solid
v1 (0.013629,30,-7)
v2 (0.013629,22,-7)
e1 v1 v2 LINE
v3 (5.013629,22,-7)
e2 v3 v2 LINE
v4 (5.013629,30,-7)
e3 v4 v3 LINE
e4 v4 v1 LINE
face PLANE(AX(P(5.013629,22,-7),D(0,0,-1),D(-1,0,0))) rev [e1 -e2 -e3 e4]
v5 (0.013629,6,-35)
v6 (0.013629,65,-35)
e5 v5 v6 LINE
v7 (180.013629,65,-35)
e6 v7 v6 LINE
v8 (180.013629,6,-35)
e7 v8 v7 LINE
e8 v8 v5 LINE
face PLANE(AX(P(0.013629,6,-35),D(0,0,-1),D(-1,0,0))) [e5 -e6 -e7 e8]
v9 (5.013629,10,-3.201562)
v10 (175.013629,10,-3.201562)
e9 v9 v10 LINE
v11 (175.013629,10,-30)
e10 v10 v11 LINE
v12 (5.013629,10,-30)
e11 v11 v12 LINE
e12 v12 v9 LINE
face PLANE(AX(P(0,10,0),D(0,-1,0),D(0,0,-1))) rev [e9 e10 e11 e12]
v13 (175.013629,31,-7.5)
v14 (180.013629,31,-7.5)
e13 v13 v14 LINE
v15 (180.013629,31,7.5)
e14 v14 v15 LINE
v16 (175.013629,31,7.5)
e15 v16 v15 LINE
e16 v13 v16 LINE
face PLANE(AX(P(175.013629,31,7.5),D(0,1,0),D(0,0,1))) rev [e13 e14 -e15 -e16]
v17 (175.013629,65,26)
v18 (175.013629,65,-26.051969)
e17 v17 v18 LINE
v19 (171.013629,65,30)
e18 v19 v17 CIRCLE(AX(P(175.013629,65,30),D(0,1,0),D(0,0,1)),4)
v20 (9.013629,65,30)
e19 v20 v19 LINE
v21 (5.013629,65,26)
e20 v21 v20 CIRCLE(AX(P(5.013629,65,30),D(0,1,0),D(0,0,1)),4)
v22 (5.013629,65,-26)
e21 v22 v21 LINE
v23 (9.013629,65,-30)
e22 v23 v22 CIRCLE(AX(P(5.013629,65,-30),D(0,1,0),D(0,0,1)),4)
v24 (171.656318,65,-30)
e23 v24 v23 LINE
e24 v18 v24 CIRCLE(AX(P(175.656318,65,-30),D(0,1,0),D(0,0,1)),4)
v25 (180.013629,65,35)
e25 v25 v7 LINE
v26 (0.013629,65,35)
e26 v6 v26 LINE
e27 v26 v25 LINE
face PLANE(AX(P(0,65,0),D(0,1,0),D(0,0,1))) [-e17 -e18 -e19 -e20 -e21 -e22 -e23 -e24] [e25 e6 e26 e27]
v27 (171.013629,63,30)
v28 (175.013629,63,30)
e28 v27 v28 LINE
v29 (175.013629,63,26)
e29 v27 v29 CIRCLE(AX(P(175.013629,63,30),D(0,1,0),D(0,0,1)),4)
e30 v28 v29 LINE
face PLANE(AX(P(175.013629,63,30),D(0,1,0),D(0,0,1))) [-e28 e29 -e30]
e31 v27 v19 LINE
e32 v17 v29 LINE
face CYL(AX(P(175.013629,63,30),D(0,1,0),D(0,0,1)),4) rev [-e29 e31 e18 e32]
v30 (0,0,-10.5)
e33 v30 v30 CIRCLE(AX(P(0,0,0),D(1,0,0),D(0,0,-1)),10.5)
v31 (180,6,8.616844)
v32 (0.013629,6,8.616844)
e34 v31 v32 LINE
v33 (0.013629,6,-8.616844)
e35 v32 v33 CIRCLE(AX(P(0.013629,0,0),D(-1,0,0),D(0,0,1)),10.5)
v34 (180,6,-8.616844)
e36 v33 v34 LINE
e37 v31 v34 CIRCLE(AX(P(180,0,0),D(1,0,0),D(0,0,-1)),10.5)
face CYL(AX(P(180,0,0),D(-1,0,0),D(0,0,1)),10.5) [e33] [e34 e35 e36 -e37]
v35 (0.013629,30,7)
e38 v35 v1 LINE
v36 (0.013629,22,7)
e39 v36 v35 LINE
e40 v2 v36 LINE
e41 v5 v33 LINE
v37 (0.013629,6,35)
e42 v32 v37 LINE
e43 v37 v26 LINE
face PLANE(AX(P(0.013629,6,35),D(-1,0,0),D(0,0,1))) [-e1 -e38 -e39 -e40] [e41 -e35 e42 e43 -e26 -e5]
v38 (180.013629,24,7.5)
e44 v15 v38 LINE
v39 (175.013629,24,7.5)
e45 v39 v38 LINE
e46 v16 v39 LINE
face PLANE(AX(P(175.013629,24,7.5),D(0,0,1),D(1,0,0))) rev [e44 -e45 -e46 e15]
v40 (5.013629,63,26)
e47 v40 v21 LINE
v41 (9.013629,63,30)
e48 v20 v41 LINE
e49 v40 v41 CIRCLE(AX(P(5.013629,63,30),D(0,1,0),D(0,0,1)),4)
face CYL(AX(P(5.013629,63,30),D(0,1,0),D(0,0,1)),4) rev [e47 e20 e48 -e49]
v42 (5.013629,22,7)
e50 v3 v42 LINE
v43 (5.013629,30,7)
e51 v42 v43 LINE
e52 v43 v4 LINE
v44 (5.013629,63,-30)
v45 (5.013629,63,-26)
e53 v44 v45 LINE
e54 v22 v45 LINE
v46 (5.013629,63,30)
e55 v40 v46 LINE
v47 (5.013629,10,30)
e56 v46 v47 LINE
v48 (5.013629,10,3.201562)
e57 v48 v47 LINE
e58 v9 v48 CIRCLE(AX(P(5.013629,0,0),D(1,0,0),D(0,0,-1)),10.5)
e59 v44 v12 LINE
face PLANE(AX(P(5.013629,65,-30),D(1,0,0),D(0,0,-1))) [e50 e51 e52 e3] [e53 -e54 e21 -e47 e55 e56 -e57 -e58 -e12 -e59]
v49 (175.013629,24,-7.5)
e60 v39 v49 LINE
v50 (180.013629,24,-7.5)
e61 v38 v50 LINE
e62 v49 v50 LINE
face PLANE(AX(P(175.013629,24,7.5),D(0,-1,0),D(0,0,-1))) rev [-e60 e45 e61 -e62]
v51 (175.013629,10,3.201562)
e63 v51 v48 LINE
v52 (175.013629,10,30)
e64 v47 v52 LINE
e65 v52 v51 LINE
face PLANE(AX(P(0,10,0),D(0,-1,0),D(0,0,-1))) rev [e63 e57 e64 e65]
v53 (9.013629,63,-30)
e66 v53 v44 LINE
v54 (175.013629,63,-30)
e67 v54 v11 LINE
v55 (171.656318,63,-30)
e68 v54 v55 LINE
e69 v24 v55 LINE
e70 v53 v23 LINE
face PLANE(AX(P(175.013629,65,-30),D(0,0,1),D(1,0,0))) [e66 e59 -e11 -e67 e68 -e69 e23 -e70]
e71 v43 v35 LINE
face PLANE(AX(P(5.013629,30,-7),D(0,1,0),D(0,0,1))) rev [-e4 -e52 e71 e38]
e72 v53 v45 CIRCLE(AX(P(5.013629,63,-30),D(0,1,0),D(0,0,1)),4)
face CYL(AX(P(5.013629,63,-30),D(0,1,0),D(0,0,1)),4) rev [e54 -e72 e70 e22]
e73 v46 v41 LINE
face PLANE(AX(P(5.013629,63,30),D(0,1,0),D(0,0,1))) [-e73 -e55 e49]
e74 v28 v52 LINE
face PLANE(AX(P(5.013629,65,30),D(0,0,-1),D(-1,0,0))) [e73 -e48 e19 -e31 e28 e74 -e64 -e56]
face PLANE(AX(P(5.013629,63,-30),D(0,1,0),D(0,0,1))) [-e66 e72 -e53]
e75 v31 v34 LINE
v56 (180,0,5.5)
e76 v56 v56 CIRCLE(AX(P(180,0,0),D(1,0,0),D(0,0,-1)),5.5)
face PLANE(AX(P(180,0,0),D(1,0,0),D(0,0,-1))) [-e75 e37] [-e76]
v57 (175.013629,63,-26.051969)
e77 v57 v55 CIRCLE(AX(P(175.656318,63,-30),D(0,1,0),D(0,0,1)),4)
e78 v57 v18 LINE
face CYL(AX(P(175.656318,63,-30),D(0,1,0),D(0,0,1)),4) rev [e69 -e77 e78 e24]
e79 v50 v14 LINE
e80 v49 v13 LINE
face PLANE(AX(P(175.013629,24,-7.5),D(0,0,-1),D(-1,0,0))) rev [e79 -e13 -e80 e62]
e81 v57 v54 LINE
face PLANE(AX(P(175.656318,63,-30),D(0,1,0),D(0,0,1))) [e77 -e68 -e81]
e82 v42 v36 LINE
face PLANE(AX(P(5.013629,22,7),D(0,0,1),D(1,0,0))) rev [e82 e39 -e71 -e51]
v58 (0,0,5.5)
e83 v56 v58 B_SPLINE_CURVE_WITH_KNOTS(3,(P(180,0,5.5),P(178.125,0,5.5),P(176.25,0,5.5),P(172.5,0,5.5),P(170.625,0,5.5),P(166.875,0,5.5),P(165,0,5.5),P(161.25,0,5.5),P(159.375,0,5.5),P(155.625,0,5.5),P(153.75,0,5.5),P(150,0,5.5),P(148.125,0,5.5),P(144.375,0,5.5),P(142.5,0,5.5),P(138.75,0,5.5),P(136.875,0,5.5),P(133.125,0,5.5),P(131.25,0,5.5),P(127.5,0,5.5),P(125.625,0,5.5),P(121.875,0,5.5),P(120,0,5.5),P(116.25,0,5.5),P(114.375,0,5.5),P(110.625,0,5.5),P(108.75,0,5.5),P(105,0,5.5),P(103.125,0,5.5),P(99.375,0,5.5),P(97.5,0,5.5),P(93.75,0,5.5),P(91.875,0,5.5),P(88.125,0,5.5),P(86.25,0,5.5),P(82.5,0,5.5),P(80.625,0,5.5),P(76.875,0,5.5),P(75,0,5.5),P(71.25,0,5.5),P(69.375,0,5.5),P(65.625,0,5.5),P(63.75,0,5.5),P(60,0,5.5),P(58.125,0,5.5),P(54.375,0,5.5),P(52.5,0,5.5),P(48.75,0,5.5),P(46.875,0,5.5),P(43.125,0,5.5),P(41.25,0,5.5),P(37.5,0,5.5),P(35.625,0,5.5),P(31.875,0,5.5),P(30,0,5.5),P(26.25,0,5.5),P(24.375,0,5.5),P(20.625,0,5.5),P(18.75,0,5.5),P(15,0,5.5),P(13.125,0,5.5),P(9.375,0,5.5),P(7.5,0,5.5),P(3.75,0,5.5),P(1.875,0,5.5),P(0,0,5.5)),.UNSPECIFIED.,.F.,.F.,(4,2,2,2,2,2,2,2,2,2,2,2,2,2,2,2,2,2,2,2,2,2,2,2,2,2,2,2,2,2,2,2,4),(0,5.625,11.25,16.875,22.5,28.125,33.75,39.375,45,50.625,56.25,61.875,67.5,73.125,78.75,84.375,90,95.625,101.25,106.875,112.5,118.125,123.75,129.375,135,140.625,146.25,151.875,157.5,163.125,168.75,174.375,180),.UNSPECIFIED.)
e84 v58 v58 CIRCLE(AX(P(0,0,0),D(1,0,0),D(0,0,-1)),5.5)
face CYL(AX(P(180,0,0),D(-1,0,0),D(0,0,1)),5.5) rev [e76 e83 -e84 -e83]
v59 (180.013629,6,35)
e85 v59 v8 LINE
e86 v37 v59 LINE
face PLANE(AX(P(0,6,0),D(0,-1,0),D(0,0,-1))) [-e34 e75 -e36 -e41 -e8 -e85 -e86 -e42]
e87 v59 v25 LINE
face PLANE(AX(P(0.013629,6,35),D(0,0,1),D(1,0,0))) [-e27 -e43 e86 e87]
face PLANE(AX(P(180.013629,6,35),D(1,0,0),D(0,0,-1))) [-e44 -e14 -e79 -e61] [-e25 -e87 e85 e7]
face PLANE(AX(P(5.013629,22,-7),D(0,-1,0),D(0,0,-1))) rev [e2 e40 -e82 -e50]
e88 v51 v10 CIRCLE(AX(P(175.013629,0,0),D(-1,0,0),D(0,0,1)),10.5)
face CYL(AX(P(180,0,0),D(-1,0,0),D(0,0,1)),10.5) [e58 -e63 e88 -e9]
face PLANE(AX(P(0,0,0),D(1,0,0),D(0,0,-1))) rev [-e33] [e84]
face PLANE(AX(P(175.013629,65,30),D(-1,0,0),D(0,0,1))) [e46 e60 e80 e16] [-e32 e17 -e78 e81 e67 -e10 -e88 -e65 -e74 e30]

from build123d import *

# Parameters (mm, degrees)
SKETCH2_R           = 10.5
SKETCH2_R_2         = 5.5
BOSS_EXTRUDE1_DEPTH = 180
SKETCH6_W           = 180
SKETCH6_H           = 70
BOSS_EXTRUDE2_DEPTH = 4
SKETCH8_W           = 180
SKETCH8_H           = 70
SKETCH8_W_2         = 170
SKETCH8_H_2         = 60
BOSS_EXTRUDE3_DEPTH = 55
SKETCH9_W           = 15
SKETCH9_H           = 7
CUT_EXTRUDE1_DEPTH  = 5
SKETCH10_W          = 14
SKETCH10_H          = 8
CUT_EXTRUDE2_DEPTH  = 5
SKETCH11_R          = 4
CUT_EXTRUDE3_DEPTH  = 2


with BuildPart() as part:
    # Sketch2 → Boss-Extrude1 (new body)
    with BuildSketch(Plane(origin=(0, 0, 0), x_dir=(0, 0, -1), z_dir=(1, 0, 0))):
        with Locations(Location((0, 0, 0), (0, 0, 180))):
            Circle(SKETCH2_R)
        with Locations(Location((0, 0, 0), (0, 0, 180))):
            Circle(SKETCH2_R_2, mode=Mode.SUBTRACT)
    extrude(amount=BOSS_EXTRUDE1_DEPTH)

    # Sketch6 → Boss-Extrude2 (add)
    with BuildSketch(Plane(origin=(0, 10, 0), x_dir=(1, 0, 0), z_dir=(0, 1, 0))):
        with Locations((90.013629188, 0)):
            Rectangle(SKETCH6_W, SKETCH6_H)
    extrude(amount=-BOSS_EXTRUDE2_DEPTH)

    # Sketch8 → Boss-Extrude3 (add)
    with BuildSketch(Plane(origin=(0, 10, 0), x_dir=(1, 0, 0), z_dir=(0, 1, 0))):
        with Locations((90.013629188, 0)):
            Rectangle(SKETCH8_W, SKETCH8_H)
        with Locations((90.013629188, 0)):
            Rectangle(SKETCH8_W_2, SKETCH8_H_2, mode=Mode.SUBTRACT)
    extrude(amount=BOSS_EXTRUDE3_DEPTH)

    # Sketch9 → Cut-Extrude1 (cut)
    with BuildSketch(Plane(origin=(180.013629188, 0, 0), x_dir=(0, 0, -1), z_dir=(1, 0, 0))):
        with Locations((0, 27.5)):
            Rectangle(SKETCH9_W, SKETCH9_H)
    extrude(amount=-CUT_EXTRUDE1_DEPTH, mode=Mode.SUBTRACT)

    # Sketch10 → Cut-Extrude2 (cut)
    with BuildSketch(Plane.ZY.offset(-0.013629188)):
        with Locations((0, 26)):
            Rectangle(SKETCH10_W, SKETCH10_H)
    extrude(amount=-CUT_EXTRUDE2_DEPTH, mode=Mode.SUBTRACT)

    # Sketch11 → Cut-Extrude3 (cut)
    with BuildSketch(Plane(origin=(0, 65, 0), x_dir=(1, 0, 0), z_dir=(0, 1, 0))):
        with Locations((5.013629188, 30)):
            Circle(SKETCH11_R)
        with Locations((175.656317999, 30)):
            Circle(SKETCH11_R)
        with Locations((5.013629188, -30)):
            Circle(SKETCH11_R)
        with Locations((175.013629188, -30)):
            Circle(SKETCH11_R)
    extrude(amount=-CUT_EXTRUDE3_DEPTH, mode=Mode.SUBTRACT)


solid = part.part
